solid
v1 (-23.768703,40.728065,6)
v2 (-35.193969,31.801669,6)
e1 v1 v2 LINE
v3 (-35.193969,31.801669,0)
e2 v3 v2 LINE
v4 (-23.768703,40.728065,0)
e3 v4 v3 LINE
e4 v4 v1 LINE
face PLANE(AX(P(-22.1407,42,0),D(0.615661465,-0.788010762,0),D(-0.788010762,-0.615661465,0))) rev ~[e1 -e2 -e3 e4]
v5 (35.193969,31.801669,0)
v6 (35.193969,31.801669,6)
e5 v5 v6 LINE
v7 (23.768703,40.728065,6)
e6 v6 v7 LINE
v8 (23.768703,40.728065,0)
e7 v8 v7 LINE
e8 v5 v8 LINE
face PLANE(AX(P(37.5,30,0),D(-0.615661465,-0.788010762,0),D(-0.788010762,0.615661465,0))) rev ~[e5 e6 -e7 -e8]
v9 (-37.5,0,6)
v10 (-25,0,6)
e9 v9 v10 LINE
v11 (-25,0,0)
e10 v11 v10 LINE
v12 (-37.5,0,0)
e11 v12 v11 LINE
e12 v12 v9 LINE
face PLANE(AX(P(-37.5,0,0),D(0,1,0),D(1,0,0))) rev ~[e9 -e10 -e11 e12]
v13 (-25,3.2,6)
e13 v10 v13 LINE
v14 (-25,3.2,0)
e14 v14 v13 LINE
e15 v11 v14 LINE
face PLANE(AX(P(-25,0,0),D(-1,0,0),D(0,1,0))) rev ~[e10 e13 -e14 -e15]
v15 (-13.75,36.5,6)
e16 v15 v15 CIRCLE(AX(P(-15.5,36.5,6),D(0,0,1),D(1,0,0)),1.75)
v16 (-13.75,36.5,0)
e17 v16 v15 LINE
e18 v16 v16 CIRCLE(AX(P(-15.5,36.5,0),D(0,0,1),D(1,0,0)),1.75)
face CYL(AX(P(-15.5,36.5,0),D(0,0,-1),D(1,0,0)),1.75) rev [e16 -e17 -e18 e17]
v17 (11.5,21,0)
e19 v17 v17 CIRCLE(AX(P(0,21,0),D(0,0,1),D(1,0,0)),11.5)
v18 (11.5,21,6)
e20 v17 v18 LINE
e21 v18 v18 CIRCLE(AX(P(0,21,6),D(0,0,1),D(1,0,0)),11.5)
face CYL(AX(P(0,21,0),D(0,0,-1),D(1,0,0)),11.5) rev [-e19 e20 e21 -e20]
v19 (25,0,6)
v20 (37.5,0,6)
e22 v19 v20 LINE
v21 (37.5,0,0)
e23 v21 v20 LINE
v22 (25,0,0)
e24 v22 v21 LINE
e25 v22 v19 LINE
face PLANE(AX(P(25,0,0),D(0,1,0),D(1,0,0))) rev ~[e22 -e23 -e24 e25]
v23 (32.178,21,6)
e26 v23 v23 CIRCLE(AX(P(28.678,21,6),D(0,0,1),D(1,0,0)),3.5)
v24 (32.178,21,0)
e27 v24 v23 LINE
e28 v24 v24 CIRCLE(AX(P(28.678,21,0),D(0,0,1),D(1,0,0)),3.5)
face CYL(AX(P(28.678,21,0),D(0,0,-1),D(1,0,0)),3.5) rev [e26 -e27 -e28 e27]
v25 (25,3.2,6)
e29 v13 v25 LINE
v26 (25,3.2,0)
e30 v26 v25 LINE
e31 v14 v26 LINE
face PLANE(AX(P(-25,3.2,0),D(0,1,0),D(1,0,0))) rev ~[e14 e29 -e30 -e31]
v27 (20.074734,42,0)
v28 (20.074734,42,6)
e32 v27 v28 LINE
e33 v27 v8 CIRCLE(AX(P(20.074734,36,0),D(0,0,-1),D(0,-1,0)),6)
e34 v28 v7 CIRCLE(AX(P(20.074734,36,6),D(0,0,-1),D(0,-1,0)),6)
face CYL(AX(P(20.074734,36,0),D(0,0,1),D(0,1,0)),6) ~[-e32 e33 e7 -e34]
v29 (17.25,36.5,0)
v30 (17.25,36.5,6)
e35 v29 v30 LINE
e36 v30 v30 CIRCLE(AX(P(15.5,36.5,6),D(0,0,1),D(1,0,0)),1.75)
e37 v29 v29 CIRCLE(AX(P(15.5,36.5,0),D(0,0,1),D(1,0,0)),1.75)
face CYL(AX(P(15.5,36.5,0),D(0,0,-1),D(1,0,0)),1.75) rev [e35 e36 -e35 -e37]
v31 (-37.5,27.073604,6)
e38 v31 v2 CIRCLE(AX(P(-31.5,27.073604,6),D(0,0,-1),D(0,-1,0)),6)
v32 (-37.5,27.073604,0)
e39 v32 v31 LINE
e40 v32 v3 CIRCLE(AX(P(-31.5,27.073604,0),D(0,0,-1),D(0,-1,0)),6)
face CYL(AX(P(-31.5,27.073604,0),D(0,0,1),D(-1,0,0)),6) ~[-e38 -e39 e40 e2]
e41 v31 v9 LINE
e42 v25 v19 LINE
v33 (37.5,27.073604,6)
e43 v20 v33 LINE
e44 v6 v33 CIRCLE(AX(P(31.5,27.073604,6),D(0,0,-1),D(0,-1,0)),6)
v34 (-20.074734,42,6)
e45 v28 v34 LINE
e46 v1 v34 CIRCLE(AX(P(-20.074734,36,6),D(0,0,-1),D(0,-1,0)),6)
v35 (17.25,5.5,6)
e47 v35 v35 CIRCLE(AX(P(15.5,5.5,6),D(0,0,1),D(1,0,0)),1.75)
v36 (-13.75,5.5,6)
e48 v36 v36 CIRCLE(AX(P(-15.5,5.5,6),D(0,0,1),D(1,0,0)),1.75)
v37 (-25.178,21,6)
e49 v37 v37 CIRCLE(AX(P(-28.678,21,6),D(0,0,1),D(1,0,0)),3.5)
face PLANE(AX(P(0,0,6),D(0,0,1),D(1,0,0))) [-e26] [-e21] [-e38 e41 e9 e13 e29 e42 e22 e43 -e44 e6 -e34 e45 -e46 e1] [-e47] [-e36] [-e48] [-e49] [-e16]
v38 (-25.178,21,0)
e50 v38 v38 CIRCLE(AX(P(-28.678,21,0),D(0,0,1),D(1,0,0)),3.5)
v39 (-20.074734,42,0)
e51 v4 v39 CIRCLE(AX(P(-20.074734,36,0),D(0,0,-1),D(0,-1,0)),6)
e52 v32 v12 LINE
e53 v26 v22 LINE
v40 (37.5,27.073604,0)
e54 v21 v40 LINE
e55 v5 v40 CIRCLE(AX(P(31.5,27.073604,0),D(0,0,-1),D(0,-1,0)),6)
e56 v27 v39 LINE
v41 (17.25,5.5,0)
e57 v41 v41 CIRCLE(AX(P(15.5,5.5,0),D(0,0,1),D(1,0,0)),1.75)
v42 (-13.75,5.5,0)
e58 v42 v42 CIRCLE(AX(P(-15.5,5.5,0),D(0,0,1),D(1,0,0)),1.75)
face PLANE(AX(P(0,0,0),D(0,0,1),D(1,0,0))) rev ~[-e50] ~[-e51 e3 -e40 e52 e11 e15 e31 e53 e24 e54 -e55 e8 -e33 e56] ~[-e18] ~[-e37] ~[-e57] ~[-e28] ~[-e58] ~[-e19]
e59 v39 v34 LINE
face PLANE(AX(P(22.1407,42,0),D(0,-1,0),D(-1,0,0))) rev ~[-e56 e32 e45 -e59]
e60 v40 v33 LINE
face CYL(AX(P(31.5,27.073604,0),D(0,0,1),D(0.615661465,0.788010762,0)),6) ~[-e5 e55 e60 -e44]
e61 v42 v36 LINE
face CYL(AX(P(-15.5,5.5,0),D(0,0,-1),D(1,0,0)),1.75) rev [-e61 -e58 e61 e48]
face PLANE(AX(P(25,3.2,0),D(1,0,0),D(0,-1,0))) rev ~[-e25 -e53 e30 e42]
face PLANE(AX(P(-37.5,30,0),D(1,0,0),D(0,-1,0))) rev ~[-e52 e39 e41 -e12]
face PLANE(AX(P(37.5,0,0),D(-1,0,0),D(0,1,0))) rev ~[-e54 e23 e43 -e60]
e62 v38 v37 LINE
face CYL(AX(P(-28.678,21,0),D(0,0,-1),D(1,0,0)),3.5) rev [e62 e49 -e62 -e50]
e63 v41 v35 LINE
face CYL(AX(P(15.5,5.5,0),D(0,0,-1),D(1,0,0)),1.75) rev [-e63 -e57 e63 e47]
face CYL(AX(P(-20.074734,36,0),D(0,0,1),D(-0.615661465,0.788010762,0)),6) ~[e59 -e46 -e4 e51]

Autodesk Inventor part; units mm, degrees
ref_plane "YZ Plane" through (0, 0, 0) normal (1, 0, 0) x (0, 1, 0)
ref_plane "XZ Plane" through (0, 0, 0) normal (0, 1, 0) x (-1, 0, 0)
ref_plane "XY Plane" through (0, 0, 0) normal (0, 0, 1) x (1, 0, 0)
sketch "Sketch1" plane through (0, 0, 0) normal (0, 0, 1) x (1, 0, 0)
  line L0 (37.5, 0) -> (37.5, 30)
  line L1 (37.5, 30) -> (22.1407, 42)
  line L2 (22.1407, 42) -> (-22.1407, 42)
  line L3 (-22.1407, 42) -> (-37.5, 30)
  line L4 (-37.5, 30) -> (-37.5, 0)
  circle A0 centre (-28.678, 21) radius 3.5
  circle A1 centre (28.678, 21) radius 3.5
  circle A2 centre (-15.5, 36.5) radius 1.75
  circle A3 centre (15.5, 36.5) radius 1.75
  circle A4 centre (-15.5, 5.5) radius 1.75
  circle A5 centre (15.5, 5.5) radius 1.75
  circle A6 centre (0, 21) radius 11.5
  line L5 (-37.5, 0) -> (-25, 0)
  line L6 (-25, 0) -> (-25, 3.2)
  line L7 (-25, 3.2) -> (25, 3.2)
  line L8 (25, 3.2) -> (25, 0)
  line L9 (25, 0) -> (37.5, 0)
  point P0 (0, 0)
  point P1 (0, 42)
  point P2 (0, 0)
  dimension "d0" = 30
  dimension "d1" = 30
  dimension "d3" = 128
  dimension "d4" = 75
  dimension "d5" = 7
  dimension "d7" = 7
  dimension "d9" = 28.678
  dimension "d10" = 28.678
  dimension "d13" = 3.5
  dimension "d14" = 3.5
  dimension "d15" = 15.5
  dimension "d16" = 15.5
  dimension "d21" = 3.5
  dimension "d22" = 3.5
  dimension "d23" = 31
  dimension "d24" = 23
  dimension "d28" = 50
  dimension "d29" = 12.5
  dimension "d30" = 3.2
  dimension "d31" = 17.8
  dimension "d32" = 2.3
  dimension "d33" = 128
  dimension "d34" = 44.2814
  dimension "d35" = 12
  dimension "d36" = 12
  dimension "d37" = 42
extrude "Extrusion2" add sketch "Sketch1" along normal blind 6
fillet "Fillet2" radius 6 4 edges at (22.1407, 42, 3) (37.5, 30, 3) (-22.1407, 42, 3) (-37.5, 30, 3)
equation "\"d1\" = d0"
equation "\"d7\" = d5"
equation "\"d10\" = d9"
equation "\"d14\" = d13"
equation "\"d16\" = d15"
equation "\"d21\" = d13"
equation "\"d22\" = d13"
properties part number "Tope riel motor"
